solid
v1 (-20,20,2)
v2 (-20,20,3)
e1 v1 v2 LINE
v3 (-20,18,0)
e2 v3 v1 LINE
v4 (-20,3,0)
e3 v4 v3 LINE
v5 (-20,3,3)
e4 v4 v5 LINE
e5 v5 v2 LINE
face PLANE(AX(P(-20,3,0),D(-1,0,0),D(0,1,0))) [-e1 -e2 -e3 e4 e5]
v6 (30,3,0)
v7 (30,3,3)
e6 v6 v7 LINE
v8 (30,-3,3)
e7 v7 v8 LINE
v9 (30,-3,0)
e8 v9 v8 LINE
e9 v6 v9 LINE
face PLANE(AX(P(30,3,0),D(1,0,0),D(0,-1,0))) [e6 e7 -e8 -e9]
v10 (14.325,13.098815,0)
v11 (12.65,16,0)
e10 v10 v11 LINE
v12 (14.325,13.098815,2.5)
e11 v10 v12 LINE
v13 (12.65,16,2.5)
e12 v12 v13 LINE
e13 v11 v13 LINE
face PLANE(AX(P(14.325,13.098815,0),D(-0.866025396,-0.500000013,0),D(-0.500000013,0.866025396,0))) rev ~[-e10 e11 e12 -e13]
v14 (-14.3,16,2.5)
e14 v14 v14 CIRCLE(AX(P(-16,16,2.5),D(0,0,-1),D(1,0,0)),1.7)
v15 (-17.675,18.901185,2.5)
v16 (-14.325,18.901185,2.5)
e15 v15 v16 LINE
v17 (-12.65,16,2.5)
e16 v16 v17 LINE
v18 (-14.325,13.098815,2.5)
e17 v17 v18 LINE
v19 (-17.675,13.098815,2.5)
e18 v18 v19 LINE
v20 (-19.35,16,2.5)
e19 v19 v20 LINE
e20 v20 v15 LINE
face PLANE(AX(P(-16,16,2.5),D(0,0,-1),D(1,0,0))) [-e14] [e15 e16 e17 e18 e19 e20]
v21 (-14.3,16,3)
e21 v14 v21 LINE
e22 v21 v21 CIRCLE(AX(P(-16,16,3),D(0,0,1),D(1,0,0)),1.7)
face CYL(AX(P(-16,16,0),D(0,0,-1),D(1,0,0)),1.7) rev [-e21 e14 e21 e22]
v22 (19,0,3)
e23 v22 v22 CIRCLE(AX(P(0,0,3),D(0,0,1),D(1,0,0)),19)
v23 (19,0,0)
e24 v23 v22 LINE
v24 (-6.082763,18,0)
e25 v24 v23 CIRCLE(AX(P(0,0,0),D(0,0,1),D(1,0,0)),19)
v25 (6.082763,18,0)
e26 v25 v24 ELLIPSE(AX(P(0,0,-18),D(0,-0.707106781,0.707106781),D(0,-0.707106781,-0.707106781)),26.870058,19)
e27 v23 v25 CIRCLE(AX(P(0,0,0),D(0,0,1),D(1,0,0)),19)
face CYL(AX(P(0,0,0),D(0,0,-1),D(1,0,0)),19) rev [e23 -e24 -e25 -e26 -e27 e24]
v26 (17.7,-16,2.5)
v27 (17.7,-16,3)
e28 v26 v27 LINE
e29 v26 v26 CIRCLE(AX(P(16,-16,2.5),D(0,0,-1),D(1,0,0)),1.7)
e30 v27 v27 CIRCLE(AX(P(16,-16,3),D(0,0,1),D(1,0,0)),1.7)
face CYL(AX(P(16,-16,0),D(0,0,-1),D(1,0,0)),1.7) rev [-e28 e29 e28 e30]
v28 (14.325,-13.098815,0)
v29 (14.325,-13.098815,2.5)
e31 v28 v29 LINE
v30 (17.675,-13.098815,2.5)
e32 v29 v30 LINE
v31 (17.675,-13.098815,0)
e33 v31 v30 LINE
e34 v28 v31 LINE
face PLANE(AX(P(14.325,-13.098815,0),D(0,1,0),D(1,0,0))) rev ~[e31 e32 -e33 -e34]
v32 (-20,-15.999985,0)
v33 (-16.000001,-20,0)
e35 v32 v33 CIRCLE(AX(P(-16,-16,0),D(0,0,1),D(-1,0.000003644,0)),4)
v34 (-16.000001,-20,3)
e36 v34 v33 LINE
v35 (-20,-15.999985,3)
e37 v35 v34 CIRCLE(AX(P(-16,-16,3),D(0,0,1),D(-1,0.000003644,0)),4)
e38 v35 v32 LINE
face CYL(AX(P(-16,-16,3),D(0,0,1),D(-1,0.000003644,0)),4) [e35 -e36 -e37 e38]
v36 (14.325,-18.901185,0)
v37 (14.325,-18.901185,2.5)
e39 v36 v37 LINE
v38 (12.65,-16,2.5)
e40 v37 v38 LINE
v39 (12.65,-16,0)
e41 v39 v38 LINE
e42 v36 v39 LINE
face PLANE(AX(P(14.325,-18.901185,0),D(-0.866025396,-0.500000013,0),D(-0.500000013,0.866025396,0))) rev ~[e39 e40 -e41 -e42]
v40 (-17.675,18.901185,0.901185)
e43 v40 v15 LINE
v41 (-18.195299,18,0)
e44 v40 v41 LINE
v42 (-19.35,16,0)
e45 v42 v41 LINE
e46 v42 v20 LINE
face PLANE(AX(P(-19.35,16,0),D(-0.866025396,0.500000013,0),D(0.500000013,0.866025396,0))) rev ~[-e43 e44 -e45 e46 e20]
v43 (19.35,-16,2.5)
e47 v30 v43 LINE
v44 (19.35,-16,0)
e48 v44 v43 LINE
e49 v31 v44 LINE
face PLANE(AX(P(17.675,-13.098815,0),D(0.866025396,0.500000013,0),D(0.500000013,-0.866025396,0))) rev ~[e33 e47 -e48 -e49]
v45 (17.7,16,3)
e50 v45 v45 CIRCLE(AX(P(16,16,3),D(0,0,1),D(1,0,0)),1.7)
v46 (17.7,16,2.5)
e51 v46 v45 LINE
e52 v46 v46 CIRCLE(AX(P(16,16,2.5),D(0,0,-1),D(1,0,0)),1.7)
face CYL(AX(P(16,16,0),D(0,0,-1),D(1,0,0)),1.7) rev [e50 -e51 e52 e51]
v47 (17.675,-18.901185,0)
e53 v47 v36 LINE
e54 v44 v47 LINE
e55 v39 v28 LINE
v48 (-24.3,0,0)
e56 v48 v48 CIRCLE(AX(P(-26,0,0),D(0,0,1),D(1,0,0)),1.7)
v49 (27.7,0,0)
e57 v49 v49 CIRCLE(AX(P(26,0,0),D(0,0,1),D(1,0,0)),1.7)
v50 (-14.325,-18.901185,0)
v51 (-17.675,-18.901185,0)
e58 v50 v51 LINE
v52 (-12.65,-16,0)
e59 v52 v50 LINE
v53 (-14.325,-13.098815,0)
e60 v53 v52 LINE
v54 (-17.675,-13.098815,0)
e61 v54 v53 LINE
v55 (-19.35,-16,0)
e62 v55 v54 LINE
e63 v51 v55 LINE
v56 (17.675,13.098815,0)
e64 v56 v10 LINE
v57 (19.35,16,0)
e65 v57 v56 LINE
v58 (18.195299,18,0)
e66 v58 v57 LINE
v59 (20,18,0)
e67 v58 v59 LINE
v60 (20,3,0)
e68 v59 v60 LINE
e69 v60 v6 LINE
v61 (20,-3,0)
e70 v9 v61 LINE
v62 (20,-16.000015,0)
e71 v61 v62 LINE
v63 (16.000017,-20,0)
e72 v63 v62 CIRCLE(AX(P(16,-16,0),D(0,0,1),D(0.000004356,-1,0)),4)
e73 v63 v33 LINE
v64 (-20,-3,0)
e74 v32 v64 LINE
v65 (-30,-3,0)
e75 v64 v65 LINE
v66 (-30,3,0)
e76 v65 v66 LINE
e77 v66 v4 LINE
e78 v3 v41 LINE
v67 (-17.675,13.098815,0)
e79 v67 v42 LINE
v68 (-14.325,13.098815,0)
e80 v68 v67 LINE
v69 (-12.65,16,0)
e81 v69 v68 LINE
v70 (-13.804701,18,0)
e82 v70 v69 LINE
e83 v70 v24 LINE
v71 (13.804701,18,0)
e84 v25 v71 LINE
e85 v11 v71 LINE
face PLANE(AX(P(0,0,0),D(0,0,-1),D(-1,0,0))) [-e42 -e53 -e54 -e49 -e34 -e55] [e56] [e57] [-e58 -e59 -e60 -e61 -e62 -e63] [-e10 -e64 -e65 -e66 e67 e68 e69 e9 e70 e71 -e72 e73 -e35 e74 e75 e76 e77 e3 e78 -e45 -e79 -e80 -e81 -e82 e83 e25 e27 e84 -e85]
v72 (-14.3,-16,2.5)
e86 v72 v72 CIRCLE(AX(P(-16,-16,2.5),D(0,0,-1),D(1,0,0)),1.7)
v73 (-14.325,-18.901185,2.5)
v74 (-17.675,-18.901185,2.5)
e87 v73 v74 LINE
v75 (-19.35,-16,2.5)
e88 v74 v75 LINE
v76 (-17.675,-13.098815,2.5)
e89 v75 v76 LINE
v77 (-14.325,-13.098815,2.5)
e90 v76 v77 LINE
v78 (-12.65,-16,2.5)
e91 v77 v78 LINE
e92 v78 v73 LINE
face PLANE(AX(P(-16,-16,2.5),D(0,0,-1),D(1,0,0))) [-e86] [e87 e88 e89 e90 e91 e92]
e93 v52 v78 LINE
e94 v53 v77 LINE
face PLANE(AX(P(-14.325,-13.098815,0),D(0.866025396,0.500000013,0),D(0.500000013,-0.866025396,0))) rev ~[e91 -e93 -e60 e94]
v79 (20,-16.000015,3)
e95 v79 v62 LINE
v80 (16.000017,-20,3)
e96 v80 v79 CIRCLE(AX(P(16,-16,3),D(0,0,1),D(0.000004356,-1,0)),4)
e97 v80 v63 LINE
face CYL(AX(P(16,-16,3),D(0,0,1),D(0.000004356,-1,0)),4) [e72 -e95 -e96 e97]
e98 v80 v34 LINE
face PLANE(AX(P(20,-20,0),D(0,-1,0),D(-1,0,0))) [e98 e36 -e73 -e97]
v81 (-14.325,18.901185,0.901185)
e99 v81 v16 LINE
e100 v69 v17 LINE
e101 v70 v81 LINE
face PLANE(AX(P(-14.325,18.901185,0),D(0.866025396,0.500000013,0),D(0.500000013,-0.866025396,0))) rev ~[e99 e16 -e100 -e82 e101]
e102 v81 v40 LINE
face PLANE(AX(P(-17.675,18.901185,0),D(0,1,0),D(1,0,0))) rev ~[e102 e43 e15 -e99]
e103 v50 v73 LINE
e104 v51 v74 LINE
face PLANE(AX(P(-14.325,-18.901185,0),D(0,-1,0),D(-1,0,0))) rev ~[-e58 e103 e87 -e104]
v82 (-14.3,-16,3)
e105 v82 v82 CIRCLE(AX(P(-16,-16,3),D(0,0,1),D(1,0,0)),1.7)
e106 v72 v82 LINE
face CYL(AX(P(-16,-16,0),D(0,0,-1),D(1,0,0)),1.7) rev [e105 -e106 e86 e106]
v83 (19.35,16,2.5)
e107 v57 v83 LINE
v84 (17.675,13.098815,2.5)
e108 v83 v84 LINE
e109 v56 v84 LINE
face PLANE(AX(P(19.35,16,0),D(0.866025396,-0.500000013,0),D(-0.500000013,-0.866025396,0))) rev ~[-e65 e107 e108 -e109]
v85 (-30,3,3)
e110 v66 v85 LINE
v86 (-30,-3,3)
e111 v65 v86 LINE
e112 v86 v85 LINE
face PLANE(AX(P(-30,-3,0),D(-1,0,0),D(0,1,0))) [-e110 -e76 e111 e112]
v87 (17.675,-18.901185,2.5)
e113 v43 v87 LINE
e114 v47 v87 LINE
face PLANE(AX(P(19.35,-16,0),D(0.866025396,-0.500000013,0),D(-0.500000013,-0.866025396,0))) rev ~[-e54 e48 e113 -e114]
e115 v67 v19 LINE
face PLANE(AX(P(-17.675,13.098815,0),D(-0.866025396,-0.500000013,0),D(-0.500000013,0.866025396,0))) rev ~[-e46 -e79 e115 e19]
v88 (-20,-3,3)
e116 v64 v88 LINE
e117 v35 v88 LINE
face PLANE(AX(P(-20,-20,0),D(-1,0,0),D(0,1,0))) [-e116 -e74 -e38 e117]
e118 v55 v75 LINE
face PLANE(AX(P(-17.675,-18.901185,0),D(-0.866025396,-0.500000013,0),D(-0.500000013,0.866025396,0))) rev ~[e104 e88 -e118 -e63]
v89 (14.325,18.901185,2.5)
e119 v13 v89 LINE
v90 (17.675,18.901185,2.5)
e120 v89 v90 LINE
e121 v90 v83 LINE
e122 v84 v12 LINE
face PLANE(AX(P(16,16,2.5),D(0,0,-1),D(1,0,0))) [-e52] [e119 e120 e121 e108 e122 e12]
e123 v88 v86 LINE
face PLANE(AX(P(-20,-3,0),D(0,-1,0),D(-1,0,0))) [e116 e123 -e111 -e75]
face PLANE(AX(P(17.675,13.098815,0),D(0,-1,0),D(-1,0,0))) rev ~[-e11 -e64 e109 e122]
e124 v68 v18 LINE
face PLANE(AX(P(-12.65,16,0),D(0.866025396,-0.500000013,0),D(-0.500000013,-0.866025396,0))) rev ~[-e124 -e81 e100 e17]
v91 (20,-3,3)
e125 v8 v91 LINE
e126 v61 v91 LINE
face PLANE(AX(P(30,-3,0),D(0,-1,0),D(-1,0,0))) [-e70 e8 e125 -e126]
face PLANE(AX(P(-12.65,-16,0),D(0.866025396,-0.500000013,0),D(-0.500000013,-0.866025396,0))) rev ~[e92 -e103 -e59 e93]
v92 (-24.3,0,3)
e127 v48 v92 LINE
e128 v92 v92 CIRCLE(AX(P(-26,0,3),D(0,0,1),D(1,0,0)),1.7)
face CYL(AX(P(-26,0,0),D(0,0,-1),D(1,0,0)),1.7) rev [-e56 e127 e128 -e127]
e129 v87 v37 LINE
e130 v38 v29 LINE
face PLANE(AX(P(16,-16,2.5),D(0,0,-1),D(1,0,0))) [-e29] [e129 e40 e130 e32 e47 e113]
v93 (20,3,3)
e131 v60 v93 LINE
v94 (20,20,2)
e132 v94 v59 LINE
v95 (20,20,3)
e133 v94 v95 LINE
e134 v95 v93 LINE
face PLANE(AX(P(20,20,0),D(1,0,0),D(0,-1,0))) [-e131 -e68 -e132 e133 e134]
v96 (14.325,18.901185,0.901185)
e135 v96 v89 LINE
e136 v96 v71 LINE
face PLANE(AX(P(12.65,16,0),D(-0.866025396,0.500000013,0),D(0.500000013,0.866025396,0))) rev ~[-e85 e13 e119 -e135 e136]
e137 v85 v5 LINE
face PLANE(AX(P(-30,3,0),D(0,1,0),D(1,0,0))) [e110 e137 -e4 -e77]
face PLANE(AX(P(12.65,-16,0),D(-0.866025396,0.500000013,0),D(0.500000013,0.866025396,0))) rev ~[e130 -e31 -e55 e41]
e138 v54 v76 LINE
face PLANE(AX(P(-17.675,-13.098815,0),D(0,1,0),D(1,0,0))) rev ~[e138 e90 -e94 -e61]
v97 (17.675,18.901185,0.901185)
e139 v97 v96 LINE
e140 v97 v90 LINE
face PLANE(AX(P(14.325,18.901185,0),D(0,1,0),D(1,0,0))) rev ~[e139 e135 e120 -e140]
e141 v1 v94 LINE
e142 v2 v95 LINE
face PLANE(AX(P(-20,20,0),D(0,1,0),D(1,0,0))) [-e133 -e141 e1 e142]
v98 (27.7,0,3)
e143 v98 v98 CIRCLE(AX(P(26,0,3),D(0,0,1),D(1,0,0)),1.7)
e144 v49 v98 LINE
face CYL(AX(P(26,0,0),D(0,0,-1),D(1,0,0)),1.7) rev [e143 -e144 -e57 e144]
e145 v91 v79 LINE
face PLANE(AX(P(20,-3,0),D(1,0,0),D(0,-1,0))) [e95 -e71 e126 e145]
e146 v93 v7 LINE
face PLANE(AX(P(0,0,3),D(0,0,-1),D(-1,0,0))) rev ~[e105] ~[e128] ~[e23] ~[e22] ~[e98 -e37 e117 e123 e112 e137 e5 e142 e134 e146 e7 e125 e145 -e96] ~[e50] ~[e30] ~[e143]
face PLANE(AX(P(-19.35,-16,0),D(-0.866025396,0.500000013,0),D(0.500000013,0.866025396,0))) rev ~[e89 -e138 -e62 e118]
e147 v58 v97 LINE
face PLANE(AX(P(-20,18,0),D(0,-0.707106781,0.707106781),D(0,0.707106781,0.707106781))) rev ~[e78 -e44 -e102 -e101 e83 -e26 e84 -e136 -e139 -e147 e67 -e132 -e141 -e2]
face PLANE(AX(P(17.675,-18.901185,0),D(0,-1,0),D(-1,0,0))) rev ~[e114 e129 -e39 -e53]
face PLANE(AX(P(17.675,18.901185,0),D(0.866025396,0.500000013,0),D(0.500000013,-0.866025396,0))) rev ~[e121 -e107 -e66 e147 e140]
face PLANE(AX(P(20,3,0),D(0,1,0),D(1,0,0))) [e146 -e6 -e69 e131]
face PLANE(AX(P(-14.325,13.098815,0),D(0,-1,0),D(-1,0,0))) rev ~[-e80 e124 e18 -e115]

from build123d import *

# Parameters (mm, degrees)
SKETCH_R        = 19
SKETCH_R_2      = 1.7
PAD_DEPTH       = 3
POCKET_DEPTH    = 50.001
POCKET001_DEPTH = 5
POCKET002_DEPTH = 2.5


with BuildPart() as part:
    # Sketch → Pad (new body)
    with BuildSketch(Plane.XY):
        Polygon((-20, 20), (20, 20), (20, 3), (30, 3), (30, -3), (20, -3), (20, -20), (-20, -20), (-20, -3), (-30, -3), (-30, 3), (-20, 3), align=None)
        Circle(SKETCH_R, mode=Mode.SUBTRACT)
        with Locations((-16, 16)):
            Circle(SKETCH_R_2, mode=Mode.SUBTRACT)
        with Locations((16, 16)):
            Circle(SKETCH_R_2, mode=Mode.SUBTRACT)
        with Locations((-16, -16)):
            Circle(SKETCH_R_2, mode=Mode.SUBTRACT)
        with Locations((16, -16)):
            Circle(SKETCH_R_2, mode=Mode.SUBTRACT)
        with Locations((26, 0)):
            Circle(SKETCH_R_2, mode=Mode.SUBTRACT)
        with Locations((-26, 0)):
            Circle(SKETCH_R_2, mode=Mode.SUBTRACT)
    extrude(amount=PAD_DEPTH)

    # Sketch001 (on Face12 of Pad) → Pocket (cut, through all)
    with BuildSketch(Plane(origin=(-20, 0, 0), x_dir=(0, -1, 0), z_dir=(-1, 0, 0))):
        Polygon((-18, 0), (-20, 2), (-20, 0), align=None)
    extrude(amount=-POCKET_DEPTH, mode=Mode.SUBTRACT)

    # Sketch002 (on Face4 of Pocket) → Pocket001 (cut)
    with BuildSketch(Plane.XY.offset(3)):
        with BuildLine():
            ThreePointArc((-20, -15.999985), (-18.828433, -18.828421), (-16.000001, -20))
            Line((-16.000001, -20), (-16.000001, -25))
            Line((-16.000001, -25), (-25, -25))
            Line((-25, -25), (-25, -15.999985))
            Line((-25, -15.999985), (-20, -15.999985))
        make_face()
        with BuildLine():
            ThreePointArc((16.000017, -20), (18.828428, -18.828426), (20, -16.000015))
            Line((25, -16.000015), (20, -16.000015))
            Line((25, -25), (25, -16.000015))
            Line((16.000017, -25), (25, -25))
            Line((16.000017, -20), (16.000017, -25))
        make_face()
    extrude(amount=-POCKET001_DEPTH, mode=Mode.SUBTRACT)

    # Sketch003 (on Face6 of Pocket001) → Pocket002 (cut)
    with BuildSketch(Plane(origin=(0, 0, 0), x_dir=(1, 0, 0), z_dir=(0, 0, -1))):
        Polygon((14.325, 13.098815), (17.675, 13.098815), (19.35, 16), (17.675, 18.901185), (14.325, 18.901185), (12.65, 16), align=None)
        Polygon((-14.325, 13.098815), (-12.65, 16), (-14.325, 18.901185), (-17.675, 18.901185), (-19.35, 16), (-17.675, 13.098815), align=None)
        Polygon((-14.325, -13.098815), (-17.675, -13.098815), (-19.35, -16), (-17.675, -18.901185), (-14.325, -18.901185), (-12.65, -16), align=None)
        Polygon((14.325, -13.098815), (12.65, -16), (14.325, -18.901185), (17.675, -18.901185), (19.35, -16), (17.675, -13.098815), align=None)
    extrude(amount=-POCKET002_DEPTH, mode=Mode.SUBTRACT)


solid = part.part
